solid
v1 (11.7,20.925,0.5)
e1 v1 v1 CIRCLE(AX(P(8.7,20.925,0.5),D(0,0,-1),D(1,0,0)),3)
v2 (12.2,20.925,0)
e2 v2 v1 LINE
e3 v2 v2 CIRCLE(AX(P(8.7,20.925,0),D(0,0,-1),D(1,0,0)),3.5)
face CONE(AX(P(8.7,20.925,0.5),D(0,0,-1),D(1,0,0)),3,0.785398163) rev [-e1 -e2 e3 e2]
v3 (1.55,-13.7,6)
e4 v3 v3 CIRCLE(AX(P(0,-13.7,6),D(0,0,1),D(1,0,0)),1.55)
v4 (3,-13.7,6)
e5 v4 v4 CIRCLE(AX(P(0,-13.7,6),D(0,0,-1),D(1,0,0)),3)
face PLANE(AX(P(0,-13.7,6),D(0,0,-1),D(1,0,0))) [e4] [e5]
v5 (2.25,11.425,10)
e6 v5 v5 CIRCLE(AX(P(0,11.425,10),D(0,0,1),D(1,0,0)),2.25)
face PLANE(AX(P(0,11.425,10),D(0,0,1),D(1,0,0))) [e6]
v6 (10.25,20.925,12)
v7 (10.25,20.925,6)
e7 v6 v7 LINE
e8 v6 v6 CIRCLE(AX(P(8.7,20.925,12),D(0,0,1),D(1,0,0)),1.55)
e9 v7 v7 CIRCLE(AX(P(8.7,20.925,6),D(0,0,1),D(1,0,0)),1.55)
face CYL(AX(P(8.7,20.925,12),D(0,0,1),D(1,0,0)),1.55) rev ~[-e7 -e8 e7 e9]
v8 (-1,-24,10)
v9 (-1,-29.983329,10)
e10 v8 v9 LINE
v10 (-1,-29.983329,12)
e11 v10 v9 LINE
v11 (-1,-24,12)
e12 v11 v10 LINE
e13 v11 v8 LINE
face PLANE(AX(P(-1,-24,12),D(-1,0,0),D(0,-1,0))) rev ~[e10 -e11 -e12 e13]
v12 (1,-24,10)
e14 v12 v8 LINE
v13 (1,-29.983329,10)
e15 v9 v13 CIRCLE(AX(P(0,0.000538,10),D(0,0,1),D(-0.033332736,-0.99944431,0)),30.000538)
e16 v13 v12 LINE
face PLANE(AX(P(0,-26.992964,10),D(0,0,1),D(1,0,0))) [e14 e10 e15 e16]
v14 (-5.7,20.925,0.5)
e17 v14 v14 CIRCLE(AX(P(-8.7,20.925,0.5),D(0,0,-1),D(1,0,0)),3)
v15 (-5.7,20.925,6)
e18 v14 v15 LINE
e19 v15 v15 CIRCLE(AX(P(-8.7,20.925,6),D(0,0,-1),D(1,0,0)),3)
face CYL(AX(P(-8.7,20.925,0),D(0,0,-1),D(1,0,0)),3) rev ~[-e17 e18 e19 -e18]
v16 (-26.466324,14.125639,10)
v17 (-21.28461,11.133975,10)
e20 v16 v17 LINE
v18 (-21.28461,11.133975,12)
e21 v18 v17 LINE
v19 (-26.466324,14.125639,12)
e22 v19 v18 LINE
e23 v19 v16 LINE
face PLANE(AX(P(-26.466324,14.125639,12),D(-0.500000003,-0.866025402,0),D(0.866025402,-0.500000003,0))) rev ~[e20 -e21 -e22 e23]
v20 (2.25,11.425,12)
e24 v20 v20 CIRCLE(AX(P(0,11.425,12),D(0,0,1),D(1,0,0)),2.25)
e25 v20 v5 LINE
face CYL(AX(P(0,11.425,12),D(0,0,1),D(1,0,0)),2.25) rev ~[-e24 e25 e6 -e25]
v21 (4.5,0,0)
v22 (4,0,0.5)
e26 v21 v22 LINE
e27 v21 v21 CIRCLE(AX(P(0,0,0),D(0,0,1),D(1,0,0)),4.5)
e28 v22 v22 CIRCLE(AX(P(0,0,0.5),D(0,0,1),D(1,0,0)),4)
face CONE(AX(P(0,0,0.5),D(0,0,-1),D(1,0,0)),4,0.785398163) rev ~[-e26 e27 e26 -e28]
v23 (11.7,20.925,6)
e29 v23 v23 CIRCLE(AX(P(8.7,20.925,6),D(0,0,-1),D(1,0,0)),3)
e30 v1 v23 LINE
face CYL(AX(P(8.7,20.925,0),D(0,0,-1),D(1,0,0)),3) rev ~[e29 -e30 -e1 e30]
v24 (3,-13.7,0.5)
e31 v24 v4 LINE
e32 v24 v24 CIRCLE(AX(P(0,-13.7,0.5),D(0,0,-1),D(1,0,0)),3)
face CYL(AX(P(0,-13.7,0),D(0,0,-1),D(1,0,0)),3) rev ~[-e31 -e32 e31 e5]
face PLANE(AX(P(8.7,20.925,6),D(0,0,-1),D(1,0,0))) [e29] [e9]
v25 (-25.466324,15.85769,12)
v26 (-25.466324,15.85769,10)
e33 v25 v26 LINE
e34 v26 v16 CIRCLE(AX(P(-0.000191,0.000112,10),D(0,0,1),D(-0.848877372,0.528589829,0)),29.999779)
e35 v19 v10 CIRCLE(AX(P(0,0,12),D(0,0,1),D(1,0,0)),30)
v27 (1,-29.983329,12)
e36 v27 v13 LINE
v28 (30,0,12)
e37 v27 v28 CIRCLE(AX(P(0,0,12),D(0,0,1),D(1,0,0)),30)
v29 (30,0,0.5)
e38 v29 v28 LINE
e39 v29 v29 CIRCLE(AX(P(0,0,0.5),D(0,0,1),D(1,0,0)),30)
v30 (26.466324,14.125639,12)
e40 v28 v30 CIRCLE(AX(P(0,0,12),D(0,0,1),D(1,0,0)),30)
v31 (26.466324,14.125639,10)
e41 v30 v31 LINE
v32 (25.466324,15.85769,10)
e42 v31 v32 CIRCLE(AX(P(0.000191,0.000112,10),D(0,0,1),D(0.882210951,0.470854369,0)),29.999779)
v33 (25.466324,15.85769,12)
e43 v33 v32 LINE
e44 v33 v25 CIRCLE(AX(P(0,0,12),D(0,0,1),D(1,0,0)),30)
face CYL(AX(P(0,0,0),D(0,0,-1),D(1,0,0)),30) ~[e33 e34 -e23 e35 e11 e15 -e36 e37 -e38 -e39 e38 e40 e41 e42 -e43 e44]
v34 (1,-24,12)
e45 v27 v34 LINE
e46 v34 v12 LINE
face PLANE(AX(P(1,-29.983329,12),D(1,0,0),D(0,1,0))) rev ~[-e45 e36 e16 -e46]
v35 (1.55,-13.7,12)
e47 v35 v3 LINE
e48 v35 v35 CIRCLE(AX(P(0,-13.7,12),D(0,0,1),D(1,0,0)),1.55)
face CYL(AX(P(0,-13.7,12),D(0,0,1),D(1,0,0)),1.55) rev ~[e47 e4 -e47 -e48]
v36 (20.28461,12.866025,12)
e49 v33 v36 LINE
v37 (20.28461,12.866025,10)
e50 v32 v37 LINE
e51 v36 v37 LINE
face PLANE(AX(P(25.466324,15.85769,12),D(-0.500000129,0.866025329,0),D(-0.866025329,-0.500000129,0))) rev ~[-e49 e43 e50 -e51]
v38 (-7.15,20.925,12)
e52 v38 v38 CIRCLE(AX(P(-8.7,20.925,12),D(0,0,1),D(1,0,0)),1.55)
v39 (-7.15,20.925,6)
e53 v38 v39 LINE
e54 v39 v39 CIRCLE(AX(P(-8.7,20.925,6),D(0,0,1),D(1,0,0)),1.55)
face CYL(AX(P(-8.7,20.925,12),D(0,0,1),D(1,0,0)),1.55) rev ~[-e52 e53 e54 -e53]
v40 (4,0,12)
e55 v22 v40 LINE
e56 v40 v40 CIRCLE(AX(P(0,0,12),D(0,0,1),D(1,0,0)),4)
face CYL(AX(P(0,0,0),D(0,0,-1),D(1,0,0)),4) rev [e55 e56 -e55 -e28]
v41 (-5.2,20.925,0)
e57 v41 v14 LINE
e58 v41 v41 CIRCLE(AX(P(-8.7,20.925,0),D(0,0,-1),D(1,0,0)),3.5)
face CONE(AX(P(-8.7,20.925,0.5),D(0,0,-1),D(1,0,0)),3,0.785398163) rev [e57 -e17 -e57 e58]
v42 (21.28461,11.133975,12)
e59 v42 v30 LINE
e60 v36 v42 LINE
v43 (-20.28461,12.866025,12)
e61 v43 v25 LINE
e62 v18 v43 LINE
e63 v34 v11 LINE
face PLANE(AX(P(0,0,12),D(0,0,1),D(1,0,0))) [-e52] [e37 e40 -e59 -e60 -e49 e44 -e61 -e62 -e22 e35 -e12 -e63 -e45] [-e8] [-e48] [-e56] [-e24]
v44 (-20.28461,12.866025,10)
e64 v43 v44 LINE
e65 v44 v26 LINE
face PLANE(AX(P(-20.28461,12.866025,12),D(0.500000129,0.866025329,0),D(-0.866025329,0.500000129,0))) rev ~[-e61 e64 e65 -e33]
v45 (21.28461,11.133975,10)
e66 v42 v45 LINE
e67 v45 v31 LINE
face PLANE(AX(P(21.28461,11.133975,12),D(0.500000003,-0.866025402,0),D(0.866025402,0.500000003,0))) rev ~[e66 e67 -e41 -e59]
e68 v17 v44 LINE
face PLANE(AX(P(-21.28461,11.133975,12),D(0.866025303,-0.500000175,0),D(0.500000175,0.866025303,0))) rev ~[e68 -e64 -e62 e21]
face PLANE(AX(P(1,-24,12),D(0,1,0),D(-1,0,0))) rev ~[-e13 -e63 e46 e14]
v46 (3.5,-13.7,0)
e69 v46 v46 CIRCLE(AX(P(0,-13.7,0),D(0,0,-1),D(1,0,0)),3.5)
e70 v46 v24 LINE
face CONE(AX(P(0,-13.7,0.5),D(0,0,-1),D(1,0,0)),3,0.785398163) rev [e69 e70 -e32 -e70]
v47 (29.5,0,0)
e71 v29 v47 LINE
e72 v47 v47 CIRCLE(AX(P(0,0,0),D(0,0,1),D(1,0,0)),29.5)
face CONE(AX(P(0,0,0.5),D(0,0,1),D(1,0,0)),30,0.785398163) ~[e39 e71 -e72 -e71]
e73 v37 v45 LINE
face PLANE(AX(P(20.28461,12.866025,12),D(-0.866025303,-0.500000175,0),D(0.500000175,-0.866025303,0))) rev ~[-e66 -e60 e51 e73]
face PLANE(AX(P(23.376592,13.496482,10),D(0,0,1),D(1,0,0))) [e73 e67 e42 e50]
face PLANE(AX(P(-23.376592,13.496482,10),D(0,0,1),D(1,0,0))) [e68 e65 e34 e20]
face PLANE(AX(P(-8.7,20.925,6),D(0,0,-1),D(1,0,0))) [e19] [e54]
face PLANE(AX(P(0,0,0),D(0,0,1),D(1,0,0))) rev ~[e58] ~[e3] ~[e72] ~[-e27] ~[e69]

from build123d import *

# Parameters (mm, degrees)
F0_R     = 30
F0_R_2   = 4
F1_DEPTH = 12
F2_R     = 2.25
F3_DEPTH = 2
F4_R     = 1.55
F5_DEPTH = 25
F6_R     = 3
F7_DEPTH = 6
F9_DEPTH = 2
F10_SIZE = 0.5


with BuildPart() as f1:
    # F0 (on Top) → F1 (new body)
    with BuildSketch(Plane.XY):
        Circle(F0_R)
        Circle(F0_R_2, mode=Mode.SUBTRACT)
    extrude(amount=F1_DEPTH)

    # F2 (on face) → F3 (cut)
    with BuildSketch(Plane.XY.offset(12)):
        with Locations((0, 11.425)):
            Circle(F2_R)
    extrude(amount=-F3_DEPTH, mode=Mode.SUBTRACT)

    # F4 (on face) → F5 (cut)
    with BuildSketch(Plane.XY.offset(12)):
        with Locations((8.7, 20.925)):
            Circle(F4_R)
        with Locations((-8.7, 20.925)):
            Circle(F4_R)
        with Locations((0, -13.7)):
            Circle(F4_R)
    extrude(amount=-F5_DEPTH, mode=Mode.SUBTRACT)

    # F6 (on face) → F7 (cut)
    with BuildSketch(Plane(origin=(0, 0, 0), x_dir=(1, 0, 0), z_dir=(0, 0, -1))):
        with Locations((0, 13.7)):
            Circle(F6_R)
        with Locations((-8.7, -20.925)):
            Circle(F6_R)
        with Locations((8.7, -20.925)):
            Circle(F6_R)
    extrude(amount=-F7_DEPTH, mode=Mode.SUBTRACT)

    # F8 (on face) → F9 (cut)
    with BuildSketch(Plane.XY.offset(12)):
        with BuildLine():
            Line((21.28461, 11.133975), (26.466324, 14.125639))
            ThreePointArc((26.466324, 14.125639), (25.980762, 15), (25.466324, 15.85769))
            Line((25.466324, 15.85769), (20.28461, 12.866025))
            Line((20.28461, 12.866025), (21.28461, 11.133975))
        make_face()
        with BuildLine():
            Line((1, -29.983329), (1, -24))
            Line((1, -24), (-1, -24))
            Line((-1, -24), (-1, -29.983329))
            ThreePointArc((-1, -29.983329), (0, -30), (1, -29.983329))
        make_face()
        with BuildLine():
            Line((-20.28461, 12.866025), (-25.466324, 15.85769))
            ThreePointArc((-25.466324, 15.85769), (-25.980762, 15), (-26.466324, 14.125639))
            Line((-26.466324, 14.125639), (-21.28461, 11.133975))
            Line((-21.28461, 11.133975), (-20.28461, 12.866025))
        make_face()
    extrude(amount=-F9_DEPTH, mode=Mode.SUBTRACT)

    # F10
    f10_edges = [f1.edges().sort_by_distance(p)[0] for p in [
        (-30, 0, 0),
        (-3, -13.7, 0),
        (-4, 0, 0),
        (-11.7, 20.925, 0),
        (5.7, 20.925, 0),
    ]]
    chamfer(f10_edges, length=F10_SIZE)


solid = f1.part
